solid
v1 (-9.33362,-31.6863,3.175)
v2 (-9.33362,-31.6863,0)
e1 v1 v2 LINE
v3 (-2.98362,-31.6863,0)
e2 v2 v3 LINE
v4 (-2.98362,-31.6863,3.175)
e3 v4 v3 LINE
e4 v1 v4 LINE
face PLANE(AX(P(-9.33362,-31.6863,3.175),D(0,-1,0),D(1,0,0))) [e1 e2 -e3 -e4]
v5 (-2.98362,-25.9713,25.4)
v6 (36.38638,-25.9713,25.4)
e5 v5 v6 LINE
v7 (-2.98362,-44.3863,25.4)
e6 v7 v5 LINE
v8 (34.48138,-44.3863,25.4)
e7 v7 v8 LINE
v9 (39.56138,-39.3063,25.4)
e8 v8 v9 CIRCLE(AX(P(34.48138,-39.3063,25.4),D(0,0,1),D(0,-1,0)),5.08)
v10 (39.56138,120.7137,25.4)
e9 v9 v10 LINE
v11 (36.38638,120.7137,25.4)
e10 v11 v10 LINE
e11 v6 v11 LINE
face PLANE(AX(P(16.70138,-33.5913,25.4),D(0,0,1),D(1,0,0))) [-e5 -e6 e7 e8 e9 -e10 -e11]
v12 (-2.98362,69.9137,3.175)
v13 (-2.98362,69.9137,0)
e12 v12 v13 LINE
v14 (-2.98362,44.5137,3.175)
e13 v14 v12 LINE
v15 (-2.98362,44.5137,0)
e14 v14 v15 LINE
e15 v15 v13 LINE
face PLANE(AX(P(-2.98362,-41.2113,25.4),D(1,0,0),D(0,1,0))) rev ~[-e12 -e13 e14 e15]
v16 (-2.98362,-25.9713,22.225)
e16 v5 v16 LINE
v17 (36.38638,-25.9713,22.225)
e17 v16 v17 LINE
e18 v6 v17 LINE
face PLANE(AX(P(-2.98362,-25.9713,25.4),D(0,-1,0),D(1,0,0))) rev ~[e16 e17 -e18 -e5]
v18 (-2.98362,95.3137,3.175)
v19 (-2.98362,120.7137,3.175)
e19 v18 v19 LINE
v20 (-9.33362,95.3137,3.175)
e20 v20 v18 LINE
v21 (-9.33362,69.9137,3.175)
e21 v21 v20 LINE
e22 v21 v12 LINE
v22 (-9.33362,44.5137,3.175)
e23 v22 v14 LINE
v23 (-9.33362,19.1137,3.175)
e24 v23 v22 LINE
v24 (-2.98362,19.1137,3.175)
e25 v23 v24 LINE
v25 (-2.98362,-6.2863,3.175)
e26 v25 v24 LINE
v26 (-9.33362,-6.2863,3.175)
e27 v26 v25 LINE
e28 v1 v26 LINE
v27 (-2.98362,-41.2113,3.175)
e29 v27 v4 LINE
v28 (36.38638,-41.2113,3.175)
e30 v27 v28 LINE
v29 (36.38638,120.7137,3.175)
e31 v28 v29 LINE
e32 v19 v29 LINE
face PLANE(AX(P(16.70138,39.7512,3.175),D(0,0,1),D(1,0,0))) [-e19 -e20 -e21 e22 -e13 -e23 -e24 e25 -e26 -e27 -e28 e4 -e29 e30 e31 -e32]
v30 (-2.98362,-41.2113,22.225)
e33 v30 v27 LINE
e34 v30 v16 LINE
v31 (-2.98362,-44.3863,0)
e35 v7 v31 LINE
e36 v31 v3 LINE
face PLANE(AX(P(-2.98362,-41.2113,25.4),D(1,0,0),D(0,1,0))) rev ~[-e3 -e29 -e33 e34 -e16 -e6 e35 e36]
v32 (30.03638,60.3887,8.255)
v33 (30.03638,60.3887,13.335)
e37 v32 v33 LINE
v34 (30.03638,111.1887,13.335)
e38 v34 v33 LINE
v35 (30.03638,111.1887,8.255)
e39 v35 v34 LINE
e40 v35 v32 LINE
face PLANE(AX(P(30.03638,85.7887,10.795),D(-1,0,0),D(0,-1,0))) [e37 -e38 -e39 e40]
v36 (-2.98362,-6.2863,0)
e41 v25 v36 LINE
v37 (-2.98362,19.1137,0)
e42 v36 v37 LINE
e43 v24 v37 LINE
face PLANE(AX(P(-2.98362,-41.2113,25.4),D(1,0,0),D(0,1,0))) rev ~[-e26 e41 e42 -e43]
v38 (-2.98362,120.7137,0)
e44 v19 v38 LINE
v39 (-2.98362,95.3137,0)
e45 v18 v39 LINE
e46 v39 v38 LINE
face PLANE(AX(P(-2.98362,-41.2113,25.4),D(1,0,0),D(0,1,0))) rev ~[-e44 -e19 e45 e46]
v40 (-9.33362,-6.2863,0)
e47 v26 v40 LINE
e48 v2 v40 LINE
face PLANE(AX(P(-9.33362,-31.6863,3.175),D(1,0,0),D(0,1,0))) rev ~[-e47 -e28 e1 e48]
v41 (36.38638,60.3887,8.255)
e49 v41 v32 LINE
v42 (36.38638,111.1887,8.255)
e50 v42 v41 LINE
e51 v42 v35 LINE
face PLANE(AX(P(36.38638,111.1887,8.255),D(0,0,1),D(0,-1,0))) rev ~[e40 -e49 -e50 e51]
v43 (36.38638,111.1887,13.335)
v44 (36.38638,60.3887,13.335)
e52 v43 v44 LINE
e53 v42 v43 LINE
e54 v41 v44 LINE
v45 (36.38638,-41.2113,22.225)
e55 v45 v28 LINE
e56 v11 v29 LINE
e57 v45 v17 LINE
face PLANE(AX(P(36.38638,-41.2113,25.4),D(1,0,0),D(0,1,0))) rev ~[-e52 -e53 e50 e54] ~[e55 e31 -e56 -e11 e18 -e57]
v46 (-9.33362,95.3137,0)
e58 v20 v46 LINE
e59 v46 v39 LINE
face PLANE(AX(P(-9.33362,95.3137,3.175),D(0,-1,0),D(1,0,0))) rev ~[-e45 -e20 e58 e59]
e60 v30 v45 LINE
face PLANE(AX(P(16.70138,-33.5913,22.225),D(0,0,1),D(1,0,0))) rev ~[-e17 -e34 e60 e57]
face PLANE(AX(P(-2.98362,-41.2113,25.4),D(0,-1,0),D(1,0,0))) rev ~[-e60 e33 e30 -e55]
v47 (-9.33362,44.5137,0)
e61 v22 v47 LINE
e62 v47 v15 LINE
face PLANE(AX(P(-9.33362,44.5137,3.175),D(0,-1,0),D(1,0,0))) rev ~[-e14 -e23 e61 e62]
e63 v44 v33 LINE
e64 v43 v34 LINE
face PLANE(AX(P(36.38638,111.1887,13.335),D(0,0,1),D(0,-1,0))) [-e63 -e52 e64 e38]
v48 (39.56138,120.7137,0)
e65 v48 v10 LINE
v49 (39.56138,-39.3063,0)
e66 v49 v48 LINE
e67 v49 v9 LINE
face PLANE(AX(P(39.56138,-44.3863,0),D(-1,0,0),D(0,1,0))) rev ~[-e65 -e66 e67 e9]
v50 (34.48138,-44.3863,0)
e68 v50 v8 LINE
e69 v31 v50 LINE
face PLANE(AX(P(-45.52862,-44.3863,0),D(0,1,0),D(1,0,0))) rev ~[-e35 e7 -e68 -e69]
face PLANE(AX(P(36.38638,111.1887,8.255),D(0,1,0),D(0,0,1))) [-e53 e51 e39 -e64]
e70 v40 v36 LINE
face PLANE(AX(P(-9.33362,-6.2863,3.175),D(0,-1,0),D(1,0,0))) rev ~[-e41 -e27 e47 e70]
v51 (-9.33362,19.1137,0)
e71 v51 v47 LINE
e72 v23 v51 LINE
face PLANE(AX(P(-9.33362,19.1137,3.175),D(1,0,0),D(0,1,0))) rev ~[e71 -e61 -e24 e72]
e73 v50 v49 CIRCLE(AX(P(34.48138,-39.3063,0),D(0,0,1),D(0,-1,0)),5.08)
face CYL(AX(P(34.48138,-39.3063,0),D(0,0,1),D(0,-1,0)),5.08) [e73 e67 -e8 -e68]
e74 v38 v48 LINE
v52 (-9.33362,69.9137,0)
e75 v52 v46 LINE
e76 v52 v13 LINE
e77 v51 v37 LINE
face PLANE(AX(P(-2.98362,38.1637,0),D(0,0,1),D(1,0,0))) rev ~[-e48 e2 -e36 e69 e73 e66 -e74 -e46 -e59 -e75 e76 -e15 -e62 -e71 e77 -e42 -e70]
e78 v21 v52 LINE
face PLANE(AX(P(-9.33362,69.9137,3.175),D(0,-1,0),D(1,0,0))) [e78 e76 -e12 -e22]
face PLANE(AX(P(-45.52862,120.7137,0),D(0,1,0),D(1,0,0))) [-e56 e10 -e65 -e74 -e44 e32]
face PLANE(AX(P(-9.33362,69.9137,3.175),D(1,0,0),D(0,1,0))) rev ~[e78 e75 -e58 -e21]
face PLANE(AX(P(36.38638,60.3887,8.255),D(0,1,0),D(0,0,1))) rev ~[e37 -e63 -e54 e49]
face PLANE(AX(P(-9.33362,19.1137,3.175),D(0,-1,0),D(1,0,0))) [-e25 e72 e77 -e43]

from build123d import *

# Parameters (mm, degrees)
F0_W      = 85.09
F0_H      = 165.1
F1_DEPTH  = 25.4
F2_W      = 39.37
F2_H      = 161.925
F3_DEPTH  = 22.225
F4_W      = 50.8
F4_H      = 5.08
F5_DEPTH  = 6.35
F7_DEPTH  = 25.401
F8_W      = 39.37
F8_H      = 15.24
F9_DEPTH  = 3.175
F10_W     = 6.35
F10_H     = 25.4
F11_DEPTH = 3.175
F12_R     = 5.08


with BuildPart() as f1:
    # F0 (on Top) → F1 (new body)
    with BuildSketch(Plane.XY):
        with Locations((-2.9836203903, 38.1636999707)):
            Rectangle(F0_W, F0_H)
    extrude(amount=F1_DEPTH)

    # F2 (on face) → F3 (cut)
    with BuildSketch(Plane.XY.offset(25.4)):
        with Locations((16.7013796097, 39.7511999707)):
            Rectangle(F2_W, F2_H)
    extrude(amount=-F3_DEPTH, mode=Mode.SUBTRACT)

    # F4 (on face) → F5 (join)
    with BuildSketch(Plane(origin=(36.3863796097, 0, 0), x_dir=(0, -1, 0), z_dir=(-1, 0, 0))):
        with Locations((-85.7886999707, 10.795)):
            Rectangle(F4_W, F4_H)
    extrude(amount=F5_DEPTH)

    # F6 (on face) → F7 (cut, through all)
    with BuildSketch(Plane.XY.offset(25.4)):
        Polygon((-2.9836203903, -41.2113000293), (-2.9836203903, 120.7136999707), (-45.5286203903, 120.7136999707), (-45.5286203903, -44.3863000293), (-2.9836203903, -44.3863000293), align=None)
    extrude(amount=-F7_DEPTH, mode=Mode.SUBTRACT)

    # F8 (on face) → F9 (join)
    with BuildSketch(Plane.XY.offset(25.4)):
        with Locations((16.7013796097, -33.5913000293)):
            Rectangle(F8_W, F8_H)
    extrude(amount=-F9_DEPTH)

    # F10 (on face) → F11 (join)
    with BuildSketch(Plane.XY.offset(3.175)):
        with Locations((-6.1586203903, 82.6136999707)):
            Rectangle(F10_W, F10_H)
        with Locations((-6.1586203903, 31.8136999707)):
            Rectangle(F10_W, F10_H)
        with Locations((-6.1586203903, -18.9863000293)):
            Rectangle(F10_W, F10_H)
    extrude(amount=-F11_DEPTH)

    # F12
    f12_edges = [f1.edges().sort_by_distance(p)[0] for p in [
        (39.56138, -44.3863, 12.7),
    ]]
    fillet(f12_edges, radius=F12_R)


solid = f1.part
